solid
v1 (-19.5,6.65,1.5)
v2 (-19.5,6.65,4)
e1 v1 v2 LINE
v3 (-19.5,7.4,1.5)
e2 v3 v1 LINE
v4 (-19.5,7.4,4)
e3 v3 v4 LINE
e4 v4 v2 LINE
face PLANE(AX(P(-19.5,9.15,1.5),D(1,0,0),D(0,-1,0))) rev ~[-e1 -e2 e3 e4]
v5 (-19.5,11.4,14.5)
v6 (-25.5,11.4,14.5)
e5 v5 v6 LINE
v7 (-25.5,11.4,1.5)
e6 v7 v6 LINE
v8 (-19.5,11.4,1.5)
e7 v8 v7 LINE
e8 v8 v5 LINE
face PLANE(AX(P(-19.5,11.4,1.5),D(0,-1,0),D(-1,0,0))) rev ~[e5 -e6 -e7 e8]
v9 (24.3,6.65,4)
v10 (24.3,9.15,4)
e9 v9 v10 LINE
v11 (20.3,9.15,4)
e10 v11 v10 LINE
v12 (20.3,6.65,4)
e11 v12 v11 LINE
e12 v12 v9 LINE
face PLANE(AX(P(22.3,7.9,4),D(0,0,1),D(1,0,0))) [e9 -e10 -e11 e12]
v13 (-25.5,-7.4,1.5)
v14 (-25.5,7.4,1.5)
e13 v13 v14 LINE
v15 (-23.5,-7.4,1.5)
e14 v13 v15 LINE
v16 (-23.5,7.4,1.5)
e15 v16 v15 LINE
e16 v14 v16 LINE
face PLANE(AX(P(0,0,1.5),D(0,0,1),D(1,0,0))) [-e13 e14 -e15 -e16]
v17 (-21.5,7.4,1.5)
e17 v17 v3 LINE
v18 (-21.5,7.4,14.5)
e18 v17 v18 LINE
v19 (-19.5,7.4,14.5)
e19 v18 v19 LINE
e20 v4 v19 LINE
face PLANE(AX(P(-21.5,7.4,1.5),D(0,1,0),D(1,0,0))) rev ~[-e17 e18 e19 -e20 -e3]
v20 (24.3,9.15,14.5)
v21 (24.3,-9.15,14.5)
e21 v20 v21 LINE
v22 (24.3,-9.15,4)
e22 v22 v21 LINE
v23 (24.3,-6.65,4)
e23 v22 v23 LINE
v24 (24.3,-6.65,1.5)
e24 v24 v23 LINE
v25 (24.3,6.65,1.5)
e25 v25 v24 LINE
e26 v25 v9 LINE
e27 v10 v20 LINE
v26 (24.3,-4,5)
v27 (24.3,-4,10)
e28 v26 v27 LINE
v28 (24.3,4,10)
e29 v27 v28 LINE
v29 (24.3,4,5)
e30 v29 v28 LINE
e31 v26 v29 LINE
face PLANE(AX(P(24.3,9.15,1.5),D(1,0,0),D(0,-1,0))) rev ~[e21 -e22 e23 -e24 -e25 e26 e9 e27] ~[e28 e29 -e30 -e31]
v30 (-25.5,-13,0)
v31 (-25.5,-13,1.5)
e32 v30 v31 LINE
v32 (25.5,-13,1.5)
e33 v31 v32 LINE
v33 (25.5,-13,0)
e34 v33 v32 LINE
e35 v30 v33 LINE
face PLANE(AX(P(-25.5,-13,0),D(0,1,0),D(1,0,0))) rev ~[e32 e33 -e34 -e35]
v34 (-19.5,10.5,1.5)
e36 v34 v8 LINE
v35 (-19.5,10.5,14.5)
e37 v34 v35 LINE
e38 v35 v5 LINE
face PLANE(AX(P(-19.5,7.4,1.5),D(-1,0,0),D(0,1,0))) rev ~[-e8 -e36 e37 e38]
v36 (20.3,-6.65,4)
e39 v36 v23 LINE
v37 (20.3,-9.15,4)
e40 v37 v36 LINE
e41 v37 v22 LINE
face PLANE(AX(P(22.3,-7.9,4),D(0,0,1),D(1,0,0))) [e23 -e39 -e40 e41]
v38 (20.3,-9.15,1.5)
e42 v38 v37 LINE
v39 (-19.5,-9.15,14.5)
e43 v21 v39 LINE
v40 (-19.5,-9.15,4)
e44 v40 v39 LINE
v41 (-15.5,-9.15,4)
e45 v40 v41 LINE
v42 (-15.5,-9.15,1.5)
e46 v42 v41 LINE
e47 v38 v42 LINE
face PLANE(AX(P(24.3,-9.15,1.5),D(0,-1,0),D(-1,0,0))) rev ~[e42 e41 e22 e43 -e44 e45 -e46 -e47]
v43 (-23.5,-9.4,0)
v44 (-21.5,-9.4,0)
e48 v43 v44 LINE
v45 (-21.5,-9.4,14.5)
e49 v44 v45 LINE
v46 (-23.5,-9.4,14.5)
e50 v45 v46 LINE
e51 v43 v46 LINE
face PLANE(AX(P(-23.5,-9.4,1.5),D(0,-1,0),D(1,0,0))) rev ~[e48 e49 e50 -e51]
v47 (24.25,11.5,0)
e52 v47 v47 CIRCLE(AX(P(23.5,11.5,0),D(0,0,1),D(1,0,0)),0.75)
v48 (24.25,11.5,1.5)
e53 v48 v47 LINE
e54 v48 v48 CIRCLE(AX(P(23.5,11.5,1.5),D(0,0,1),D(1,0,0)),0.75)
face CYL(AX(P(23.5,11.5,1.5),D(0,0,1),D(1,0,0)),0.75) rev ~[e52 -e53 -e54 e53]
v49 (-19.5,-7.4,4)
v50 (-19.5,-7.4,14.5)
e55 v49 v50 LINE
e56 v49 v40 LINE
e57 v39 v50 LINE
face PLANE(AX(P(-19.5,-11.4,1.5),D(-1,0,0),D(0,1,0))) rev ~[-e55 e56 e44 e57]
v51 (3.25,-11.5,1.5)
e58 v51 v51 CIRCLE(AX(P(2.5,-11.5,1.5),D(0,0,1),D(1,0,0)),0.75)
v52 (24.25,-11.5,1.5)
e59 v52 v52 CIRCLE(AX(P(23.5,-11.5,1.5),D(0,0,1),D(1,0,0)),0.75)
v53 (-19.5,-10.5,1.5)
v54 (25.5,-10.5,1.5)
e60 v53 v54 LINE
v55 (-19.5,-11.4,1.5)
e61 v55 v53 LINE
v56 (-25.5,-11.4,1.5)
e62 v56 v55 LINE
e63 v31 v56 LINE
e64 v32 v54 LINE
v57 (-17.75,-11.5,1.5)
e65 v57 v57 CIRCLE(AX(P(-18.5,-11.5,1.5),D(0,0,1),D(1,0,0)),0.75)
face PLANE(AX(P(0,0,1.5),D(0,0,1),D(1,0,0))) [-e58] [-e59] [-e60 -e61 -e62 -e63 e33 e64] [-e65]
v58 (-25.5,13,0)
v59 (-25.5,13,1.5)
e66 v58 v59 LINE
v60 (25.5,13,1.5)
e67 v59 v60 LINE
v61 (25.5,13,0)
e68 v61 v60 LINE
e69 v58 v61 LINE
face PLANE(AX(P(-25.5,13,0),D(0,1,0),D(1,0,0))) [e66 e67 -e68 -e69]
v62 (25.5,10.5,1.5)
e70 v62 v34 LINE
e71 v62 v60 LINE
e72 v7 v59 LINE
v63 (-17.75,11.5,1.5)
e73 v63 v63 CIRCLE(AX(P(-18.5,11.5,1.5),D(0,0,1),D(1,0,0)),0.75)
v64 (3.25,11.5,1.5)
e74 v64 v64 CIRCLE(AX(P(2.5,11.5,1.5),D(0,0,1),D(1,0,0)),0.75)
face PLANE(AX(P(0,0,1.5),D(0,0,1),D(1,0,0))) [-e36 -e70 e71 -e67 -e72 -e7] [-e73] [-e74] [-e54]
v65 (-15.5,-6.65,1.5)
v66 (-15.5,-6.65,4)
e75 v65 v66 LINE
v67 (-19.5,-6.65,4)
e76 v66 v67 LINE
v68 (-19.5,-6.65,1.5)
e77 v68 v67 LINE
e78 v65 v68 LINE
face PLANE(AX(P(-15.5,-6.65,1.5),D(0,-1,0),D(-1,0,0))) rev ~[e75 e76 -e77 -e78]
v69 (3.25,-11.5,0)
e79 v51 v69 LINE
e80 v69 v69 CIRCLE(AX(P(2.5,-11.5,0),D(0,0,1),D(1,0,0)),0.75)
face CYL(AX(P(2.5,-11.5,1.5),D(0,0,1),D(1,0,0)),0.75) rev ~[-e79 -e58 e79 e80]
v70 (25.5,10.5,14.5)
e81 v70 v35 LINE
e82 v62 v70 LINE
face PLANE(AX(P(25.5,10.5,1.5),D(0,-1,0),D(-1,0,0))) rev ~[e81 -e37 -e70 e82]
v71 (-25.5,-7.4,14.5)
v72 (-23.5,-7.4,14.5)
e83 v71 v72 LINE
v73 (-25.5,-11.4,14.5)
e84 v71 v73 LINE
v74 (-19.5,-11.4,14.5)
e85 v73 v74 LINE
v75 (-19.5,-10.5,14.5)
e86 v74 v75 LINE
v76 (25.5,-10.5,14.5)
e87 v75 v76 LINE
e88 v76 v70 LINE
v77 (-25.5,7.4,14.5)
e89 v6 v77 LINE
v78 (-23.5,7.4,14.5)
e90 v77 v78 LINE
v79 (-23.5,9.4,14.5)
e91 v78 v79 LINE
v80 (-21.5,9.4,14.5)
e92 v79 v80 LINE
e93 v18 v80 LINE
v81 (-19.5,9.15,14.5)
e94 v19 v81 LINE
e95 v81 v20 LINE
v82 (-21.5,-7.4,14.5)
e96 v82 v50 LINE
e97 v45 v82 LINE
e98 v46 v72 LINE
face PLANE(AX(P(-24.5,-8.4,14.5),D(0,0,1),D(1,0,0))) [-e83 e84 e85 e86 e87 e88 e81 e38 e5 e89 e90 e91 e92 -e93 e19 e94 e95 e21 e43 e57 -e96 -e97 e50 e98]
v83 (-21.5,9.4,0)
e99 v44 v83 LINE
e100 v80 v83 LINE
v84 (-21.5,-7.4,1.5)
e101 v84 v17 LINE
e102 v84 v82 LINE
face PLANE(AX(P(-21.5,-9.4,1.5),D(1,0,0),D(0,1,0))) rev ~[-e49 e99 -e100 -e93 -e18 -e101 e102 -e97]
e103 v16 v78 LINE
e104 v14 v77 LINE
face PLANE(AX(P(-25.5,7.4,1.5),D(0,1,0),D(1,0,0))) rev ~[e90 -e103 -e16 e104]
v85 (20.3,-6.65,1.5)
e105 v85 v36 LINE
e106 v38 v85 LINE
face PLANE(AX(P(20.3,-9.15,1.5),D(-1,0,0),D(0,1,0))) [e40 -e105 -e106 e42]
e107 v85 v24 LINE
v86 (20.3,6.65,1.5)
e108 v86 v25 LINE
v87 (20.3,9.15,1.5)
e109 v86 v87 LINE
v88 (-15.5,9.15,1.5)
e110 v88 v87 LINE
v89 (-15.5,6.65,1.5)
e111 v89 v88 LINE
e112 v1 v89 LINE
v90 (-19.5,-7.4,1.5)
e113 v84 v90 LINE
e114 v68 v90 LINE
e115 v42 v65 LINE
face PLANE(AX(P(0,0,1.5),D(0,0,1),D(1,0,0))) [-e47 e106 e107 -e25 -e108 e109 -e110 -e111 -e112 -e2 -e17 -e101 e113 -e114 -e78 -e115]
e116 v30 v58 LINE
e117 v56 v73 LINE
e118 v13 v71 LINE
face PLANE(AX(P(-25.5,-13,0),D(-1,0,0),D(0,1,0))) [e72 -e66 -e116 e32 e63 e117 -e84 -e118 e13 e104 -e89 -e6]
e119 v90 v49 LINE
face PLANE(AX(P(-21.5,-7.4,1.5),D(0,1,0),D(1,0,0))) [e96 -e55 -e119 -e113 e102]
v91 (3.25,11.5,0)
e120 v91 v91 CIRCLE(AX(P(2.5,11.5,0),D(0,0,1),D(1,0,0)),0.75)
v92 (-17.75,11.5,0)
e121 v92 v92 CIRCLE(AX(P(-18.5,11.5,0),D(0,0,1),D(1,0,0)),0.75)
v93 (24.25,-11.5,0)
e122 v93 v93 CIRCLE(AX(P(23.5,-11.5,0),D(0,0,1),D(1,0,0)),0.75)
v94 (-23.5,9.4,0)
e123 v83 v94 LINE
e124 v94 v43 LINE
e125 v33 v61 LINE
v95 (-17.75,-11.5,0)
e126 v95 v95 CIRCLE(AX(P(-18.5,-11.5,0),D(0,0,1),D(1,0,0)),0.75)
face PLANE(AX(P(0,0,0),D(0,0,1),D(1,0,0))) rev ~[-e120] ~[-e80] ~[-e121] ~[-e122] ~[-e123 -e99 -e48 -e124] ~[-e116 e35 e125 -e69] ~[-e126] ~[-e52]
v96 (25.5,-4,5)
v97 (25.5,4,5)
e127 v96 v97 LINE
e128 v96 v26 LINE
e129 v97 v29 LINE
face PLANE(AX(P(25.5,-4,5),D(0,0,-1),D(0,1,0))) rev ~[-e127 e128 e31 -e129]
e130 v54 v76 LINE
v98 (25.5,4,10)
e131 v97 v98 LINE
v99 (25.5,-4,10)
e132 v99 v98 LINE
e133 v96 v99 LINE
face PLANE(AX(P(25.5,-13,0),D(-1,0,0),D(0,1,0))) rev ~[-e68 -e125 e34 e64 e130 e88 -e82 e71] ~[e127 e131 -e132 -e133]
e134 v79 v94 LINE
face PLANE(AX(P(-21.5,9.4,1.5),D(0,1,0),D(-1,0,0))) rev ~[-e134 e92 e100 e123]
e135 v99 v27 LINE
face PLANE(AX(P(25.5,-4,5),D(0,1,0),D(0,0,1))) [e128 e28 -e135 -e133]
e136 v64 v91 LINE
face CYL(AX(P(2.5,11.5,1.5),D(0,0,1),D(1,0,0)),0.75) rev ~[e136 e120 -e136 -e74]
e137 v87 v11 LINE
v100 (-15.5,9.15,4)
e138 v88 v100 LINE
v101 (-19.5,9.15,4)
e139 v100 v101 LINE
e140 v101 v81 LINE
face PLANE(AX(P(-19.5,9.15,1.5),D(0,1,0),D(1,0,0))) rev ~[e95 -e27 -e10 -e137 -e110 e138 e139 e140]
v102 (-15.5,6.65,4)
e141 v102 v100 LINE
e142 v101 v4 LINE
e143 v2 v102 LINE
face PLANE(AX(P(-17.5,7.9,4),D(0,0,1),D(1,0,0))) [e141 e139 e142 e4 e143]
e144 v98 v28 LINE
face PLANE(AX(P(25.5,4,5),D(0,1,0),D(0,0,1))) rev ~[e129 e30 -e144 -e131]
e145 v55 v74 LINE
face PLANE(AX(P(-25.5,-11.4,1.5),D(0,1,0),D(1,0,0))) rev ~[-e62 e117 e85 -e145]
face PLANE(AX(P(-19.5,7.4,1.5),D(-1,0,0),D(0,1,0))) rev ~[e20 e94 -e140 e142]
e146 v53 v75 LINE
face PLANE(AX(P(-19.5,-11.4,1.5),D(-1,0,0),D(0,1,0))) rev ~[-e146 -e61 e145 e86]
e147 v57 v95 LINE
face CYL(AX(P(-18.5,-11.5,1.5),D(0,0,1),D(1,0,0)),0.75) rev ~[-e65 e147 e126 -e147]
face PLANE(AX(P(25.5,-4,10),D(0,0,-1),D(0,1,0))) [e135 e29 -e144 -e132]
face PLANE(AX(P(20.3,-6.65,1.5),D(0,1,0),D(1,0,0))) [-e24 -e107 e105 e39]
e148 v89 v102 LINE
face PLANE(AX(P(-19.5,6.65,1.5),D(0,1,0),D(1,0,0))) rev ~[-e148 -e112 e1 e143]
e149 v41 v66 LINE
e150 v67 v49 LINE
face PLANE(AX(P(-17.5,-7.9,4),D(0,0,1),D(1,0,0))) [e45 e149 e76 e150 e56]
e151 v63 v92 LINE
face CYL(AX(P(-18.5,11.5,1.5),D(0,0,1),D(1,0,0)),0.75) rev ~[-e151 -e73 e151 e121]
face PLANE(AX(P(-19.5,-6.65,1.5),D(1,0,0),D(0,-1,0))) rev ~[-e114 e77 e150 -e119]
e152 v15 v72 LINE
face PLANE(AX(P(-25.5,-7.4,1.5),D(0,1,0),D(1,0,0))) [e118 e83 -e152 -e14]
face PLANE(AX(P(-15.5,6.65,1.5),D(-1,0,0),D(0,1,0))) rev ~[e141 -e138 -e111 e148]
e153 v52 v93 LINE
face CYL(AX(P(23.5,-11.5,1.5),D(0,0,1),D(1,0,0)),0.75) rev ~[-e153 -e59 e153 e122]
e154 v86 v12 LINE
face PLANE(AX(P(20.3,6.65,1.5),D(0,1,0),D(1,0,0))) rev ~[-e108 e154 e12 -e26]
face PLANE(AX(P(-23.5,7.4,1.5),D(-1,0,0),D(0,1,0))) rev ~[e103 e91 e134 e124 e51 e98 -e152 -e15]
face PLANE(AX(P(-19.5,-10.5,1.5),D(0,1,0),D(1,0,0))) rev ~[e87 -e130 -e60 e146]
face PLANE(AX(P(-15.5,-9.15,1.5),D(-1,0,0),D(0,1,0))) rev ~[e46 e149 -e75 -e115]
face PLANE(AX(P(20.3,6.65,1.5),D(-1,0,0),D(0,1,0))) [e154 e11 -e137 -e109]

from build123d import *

# Parameters (mm, degrees)
F0_W      = 51
F0_H      = 26
F1_DEPTH  = 1.5
F2_W      = 2
F2_H      = 2
F3_DEPTH  = 13
F5_DEPTH  = 13
F6_W      = 4
F6_H      = 2.5
F7_DEPTH  = 2.5
F8_R      = 0.75
F9_DEPTH  = 1.501
F11_DEPTH = 2
F12_W     = 8
F12_H     = 5
F13_DEPTH = 1.2


with BuildPart() as f1:
    # F0 (on Top) → F1 (new body)
    with BuildSketch(Plane.XY):
        Rectangle(F0_W, F0_H)
    extrude(amount=F1_DEPTH)

    # F2 (on face) → F3 (join)
    with BuildSketch(Plane.XY.offset(1.5)):
        with Locations((-24.5, 8.4)):
            Rectangle(F2_W, F2_H)
        Polygon((-19.5, 11.4), (-25.5, 11.4), (-25.5, 9.4), (-23.5, 9.4), (-21.5, 9.4), (-19.5, 9.4), align=None)
        with Locations((-20.5, 8.4)):
            Rectangle(F2_W, F2_H)
        with Locations((-24.5, -8.4)):
            Rectangle(F2_W, F2_H)
        Polygon((-23.5, -9.4), (-25.5, -9.4), (-25.5, -11.4), (-19.5, -11.4), (-19.5, -9.4), (-21.5, -9.4), align=None)
        with Locations((-20.5, -8.4)):
            Rectangle(F2_W, F2_H)
    extrude(amount=F3_DEPTH)

    # F4 (on face) → F5 (join)
    with BuildSketch(Plane.XY.offset(1.5)):
        Polygon((-19.5, 10.5), (-19.5, 9.15), (24.3, 9.15), (24.3, -9.15), (-19.5, -9.15), (-19.5, -10.5), (25.5, -10.5), (25.5, 10.5), align=None)
    extrude(amount=F5_DEPTH)

    # F6 (on face) → F7 (join)
    with BuildSketch(Plane.XY.offset(1.5)):
        Polygon((-15.5, 9.15), (-19.5, 9.15), (-19.5, 7.4), (-19.5, 6.65), (-15.5, 6.65), align=None)
        with Locations((22.3, 7.9)):
            Rectangle(F6_W, F6_H)
        with Locations((22.3, -7.9)):
            Rectangle(F6_W, F6_H)
        Polygon((-19.5, -9.15), (-15.5, -9.15), (-15.5, -6.65), (-19.5, -6.65), (-19.5, -7.4), align=None)
    extrude(amount=F7_DEPTH)

    # F8 (on face) → F9 (cut, through all)
    with BuildSketch(Plane.XY.offset(1.5)):
        with Locations((-18.5, 11.5)):
            Circle(F8_R)
        with Locations((2.5, 11.5)):
            Circle(F8_R)
        with Locations((23.5, 11.5)):
            Circle(F8_R)
        with Locations((-18.5, -11.5)):
            Circle(F8_R)
        with Locations((2.5, -11.5)):
            Circle(F8_R)
        with Locations((23.5, -11.5)):
            Circle(F8_R)
    extrude(amount=-F9_DEPTH, mode=Mode.SUBTRACT)

    # F10 (on face) → F11 (cut)
    with BuildSketch(Plane.XY.offset(1.5)):
        Polygon((-21.5, 9.4), (-23.5, 9.4), (-23.5, 7.4), (-23.5, -7.4), (-23.5, -9.4), (-21.5, -9.4), (-21.5, -7.4), (-21.5, 7.4), align=None)
    extrude(amount=-F11_DEPTH, mode=Mode.SUBTRACT)

    # F12 (on face) → F13 (cut, through all)
    with BuildSketch(Plane.YZ.offset(25.5)):
        with Locations((0, 7.5)):
            Rectangle(F12_W, F12_H)
    extrude(amount=-F13_DEPTH, mode=Mode.SUBTRACT)


solid = f1.part
